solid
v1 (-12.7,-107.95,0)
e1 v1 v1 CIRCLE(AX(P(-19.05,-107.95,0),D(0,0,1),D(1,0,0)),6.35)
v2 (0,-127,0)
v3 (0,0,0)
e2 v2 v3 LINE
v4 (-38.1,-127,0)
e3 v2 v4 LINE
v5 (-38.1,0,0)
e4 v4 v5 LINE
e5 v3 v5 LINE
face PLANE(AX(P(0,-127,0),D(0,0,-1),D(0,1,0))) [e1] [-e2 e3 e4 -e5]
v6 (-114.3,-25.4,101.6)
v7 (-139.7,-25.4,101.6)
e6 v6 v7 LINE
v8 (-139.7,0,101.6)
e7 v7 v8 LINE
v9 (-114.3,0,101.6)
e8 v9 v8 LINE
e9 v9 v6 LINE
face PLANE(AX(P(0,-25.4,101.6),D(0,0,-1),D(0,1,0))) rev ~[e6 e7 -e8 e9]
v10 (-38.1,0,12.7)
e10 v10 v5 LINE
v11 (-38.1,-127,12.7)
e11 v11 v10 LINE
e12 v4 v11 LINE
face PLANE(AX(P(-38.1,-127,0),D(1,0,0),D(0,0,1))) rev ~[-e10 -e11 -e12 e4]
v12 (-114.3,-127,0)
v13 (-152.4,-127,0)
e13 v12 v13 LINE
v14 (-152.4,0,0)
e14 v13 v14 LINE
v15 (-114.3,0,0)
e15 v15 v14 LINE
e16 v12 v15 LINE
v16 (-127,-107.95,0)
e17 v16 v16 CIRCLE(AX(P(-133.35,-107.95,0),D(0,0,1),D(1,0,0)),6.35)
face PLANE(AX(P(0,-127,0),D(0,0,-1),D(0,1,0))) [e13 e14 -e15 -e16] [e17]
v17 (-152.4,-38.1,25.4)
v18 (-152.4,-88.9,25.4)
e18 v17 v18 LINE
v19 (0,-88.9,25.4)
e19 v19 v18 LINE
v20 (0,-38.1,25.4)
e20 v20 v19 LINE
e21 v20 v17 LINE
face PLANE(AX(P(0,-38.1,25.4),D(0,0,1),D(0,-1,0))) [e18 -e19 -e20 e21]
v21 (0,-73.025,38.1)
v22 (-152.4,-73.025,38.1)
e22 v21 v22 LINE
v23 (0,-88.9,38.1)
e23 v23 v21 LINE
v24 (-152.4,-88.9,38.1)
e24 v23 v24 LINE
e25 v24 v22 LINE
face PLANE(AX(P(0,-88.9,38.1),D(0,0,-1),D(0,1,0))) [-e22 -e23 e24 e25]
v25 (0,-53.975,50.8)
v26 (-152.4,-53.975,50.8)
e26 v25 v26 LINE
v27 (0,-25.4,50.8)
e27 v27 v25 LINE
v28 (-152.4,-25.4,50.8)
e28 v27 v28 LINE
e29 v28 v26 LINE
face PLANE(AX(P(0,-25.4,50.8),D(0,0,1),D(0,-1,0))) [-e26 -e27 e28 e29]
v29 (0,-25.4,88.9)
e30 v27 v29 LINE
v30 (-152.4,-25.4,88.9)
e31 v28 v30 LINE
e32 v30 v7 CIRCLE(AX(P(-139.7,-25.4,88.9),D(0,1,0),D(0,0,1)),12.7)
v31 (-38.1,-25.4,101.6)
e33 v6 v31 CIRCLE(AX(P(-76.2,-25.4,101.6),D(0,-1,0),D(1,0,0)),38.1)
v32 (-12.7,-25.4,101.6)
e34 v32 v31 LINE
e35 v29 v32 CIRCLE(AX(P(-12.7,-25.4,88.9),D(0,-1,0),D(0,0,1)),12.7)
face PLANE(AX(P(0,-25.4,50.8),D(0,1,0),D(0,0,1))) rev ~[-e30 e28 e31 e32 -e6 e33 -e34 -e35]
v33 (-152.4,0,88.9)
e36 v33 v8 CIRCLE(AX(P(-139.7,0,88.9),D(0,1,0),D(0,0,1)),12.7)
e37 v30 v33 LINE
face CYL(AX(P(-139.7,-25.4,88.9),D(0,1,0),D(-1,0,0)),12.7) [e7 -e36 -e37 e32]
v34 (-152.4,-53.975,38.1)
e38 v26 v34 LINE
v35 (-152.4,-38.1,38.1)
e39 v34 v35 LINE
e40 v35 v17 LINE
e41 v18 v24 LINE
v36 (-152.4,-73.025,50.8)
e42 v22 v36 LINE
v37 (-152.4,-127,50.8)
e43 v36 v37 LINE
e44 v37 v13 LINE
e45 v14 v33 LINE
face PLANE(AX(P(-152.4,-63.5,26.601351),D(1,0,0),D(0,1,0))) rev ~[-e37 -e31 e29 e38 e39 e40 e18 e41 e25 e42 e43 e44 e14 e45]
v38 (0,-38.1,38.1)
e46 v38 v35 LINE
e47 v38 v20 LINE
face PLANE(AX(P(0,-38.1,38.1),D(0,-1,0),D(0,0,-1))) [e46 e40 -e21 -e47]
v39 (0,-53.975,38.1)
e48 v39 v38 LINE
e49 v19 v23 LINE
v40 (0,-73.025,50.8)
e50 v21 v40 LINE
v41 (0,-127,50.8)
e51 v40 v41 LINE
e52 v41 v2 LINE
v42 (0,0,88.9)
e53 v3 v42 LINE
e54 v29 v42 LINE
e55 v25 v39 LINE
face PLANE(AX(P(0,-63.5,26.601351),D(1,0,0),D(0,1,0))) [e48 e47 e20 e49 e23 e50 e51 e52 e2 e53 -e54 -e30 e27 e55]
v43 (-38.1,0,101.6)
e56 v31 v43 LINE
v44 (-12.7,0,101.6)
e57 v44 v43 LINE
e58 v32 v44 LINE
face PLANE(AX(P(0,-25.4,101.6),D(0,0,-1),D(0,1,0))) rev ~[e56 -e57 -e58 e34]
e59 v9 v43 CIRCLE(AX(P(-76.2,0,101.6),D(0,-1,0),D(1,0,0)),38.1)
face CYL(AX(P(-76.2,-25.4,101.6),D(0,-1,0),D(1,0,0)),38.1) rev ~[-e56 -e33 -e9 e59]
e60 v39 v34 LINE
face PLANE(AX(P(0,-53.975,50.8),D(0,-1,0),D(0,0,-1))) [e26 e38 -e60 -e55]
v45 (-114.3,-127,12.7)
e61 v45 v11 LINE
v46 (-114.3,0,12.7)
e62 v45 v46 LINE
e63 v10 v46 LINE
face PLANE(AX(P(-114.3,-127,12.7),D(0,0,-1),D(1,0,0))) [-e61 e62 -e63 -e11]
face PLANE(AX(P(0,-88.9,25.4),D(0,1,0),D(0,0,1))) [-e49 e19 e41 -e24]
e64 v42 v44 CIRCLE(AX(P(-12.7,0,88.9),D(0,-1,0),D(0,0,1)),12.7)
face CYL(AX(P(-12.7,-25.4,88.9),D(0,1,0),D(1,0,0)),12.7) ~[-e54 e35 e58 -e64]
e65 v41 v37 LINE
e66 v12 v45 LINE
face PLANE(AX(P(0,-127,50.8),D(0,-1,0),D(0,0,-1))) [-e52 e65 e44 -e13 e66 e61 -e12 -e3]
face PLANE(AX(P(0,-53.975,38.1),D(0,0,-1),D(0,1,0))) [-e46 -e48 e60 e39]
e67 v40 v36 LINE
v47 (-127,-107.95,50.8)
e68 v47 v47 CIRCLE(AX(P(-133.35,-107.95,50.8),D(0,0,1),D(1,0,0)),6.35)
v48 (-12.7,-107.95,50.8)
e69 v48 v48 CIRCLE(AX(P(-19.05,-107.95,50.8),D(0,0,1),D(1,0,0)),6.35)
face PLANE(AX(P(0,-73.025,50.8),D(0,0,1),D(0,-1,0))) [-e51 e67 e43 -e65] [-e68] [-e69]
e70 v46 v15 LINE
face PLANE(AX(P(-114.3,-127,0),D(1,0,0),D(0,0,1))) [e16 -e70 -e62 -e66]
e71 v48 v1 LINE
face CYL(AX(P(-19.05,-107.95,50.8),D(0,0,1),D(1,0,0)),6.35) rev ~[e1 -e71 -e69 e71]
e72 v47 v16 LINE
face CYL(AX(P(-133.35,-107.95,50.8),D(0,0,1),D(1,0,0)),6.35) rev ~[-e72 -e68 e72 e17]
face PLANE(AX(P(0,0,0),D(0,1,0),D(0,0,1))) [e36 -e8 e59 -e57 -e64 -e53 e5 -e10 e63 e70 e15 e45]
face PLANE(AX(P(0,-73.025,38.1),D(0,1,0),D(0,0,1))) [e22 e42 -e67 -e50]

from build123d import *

# Parameters (mm, degrees)
F0_W     = 25.4
F0_H     = 50.8
F1_DEPTH = 152.4
F2_W     = 76.2
F2_H     = 12.7
F3_DEPTH = 127.001
F4_R     = 12.7
F5_R     = 6.35
F6_DEPTH = 50.801
F7_R     = 38.1
F8_DEPTH = 25.401


with BuildPart() as f1:
    # F0 (on Right) → F1 (new body)
    with BuildSketch(Plane.YZ):
        Polygon((-73.025, 50.8), (-127, 50.8), (-127, 0), (0, 0), (0, 50.8), (-25.4, 50.8), (-53.975, 50.8), (-53.975, 38.1), (-38.1, 38.1), (-38.1, 25.4), (-88.9, 25.4), (-88.9, 38.1), (-73.025, 38.1), align=None)
        with Locations((-12.7, 76.2)):
            Rectangle(F0_W, F0_H)
    extrude(amount=-F1_DEPTH)

    # F2 (on face) → F3 (cut, through all)
    with BuildSketch(Plane.XZ.offset(127)):
        with Locations((-76.2, 6.35)):
            Rectangle(F2_W, F2_H)
    extrude(amount=-F3_DEPTH, mode=Mode.SUBTRACT)

    # F4
    f4_edges = [f1.edges().sort_by_distance(p)[0] for p in [
        (0, -12.7, 101.6),
        (-152.4, -12.7, 101.6),
    ]]
    fillet(f4_edges, radius=F4_R)

    # F5 (on face) → F6 (cut, through all)
    with BuildSketch(Plane.XY.offset(50.8)):
        with Locations((-133.35, -107.95)):
            Circle(F5_R)
        with Locations((-19.05, -107.95)):
            Circle(F5_R)
    extrude(amount=-F6_DEPTH, mode=Mode.SUBTRACT)

    # F7 (on face) → F8 (cut, through all)
    with BuildSketch(Plane.XZ.offset(25.4)):
        with Locations((-76.2, 101.6)):
            Circle(F7_R)
    extrude(amount=-F8_DEPTH, mode=Mode.SUBTRACT)


solid = f1.part
